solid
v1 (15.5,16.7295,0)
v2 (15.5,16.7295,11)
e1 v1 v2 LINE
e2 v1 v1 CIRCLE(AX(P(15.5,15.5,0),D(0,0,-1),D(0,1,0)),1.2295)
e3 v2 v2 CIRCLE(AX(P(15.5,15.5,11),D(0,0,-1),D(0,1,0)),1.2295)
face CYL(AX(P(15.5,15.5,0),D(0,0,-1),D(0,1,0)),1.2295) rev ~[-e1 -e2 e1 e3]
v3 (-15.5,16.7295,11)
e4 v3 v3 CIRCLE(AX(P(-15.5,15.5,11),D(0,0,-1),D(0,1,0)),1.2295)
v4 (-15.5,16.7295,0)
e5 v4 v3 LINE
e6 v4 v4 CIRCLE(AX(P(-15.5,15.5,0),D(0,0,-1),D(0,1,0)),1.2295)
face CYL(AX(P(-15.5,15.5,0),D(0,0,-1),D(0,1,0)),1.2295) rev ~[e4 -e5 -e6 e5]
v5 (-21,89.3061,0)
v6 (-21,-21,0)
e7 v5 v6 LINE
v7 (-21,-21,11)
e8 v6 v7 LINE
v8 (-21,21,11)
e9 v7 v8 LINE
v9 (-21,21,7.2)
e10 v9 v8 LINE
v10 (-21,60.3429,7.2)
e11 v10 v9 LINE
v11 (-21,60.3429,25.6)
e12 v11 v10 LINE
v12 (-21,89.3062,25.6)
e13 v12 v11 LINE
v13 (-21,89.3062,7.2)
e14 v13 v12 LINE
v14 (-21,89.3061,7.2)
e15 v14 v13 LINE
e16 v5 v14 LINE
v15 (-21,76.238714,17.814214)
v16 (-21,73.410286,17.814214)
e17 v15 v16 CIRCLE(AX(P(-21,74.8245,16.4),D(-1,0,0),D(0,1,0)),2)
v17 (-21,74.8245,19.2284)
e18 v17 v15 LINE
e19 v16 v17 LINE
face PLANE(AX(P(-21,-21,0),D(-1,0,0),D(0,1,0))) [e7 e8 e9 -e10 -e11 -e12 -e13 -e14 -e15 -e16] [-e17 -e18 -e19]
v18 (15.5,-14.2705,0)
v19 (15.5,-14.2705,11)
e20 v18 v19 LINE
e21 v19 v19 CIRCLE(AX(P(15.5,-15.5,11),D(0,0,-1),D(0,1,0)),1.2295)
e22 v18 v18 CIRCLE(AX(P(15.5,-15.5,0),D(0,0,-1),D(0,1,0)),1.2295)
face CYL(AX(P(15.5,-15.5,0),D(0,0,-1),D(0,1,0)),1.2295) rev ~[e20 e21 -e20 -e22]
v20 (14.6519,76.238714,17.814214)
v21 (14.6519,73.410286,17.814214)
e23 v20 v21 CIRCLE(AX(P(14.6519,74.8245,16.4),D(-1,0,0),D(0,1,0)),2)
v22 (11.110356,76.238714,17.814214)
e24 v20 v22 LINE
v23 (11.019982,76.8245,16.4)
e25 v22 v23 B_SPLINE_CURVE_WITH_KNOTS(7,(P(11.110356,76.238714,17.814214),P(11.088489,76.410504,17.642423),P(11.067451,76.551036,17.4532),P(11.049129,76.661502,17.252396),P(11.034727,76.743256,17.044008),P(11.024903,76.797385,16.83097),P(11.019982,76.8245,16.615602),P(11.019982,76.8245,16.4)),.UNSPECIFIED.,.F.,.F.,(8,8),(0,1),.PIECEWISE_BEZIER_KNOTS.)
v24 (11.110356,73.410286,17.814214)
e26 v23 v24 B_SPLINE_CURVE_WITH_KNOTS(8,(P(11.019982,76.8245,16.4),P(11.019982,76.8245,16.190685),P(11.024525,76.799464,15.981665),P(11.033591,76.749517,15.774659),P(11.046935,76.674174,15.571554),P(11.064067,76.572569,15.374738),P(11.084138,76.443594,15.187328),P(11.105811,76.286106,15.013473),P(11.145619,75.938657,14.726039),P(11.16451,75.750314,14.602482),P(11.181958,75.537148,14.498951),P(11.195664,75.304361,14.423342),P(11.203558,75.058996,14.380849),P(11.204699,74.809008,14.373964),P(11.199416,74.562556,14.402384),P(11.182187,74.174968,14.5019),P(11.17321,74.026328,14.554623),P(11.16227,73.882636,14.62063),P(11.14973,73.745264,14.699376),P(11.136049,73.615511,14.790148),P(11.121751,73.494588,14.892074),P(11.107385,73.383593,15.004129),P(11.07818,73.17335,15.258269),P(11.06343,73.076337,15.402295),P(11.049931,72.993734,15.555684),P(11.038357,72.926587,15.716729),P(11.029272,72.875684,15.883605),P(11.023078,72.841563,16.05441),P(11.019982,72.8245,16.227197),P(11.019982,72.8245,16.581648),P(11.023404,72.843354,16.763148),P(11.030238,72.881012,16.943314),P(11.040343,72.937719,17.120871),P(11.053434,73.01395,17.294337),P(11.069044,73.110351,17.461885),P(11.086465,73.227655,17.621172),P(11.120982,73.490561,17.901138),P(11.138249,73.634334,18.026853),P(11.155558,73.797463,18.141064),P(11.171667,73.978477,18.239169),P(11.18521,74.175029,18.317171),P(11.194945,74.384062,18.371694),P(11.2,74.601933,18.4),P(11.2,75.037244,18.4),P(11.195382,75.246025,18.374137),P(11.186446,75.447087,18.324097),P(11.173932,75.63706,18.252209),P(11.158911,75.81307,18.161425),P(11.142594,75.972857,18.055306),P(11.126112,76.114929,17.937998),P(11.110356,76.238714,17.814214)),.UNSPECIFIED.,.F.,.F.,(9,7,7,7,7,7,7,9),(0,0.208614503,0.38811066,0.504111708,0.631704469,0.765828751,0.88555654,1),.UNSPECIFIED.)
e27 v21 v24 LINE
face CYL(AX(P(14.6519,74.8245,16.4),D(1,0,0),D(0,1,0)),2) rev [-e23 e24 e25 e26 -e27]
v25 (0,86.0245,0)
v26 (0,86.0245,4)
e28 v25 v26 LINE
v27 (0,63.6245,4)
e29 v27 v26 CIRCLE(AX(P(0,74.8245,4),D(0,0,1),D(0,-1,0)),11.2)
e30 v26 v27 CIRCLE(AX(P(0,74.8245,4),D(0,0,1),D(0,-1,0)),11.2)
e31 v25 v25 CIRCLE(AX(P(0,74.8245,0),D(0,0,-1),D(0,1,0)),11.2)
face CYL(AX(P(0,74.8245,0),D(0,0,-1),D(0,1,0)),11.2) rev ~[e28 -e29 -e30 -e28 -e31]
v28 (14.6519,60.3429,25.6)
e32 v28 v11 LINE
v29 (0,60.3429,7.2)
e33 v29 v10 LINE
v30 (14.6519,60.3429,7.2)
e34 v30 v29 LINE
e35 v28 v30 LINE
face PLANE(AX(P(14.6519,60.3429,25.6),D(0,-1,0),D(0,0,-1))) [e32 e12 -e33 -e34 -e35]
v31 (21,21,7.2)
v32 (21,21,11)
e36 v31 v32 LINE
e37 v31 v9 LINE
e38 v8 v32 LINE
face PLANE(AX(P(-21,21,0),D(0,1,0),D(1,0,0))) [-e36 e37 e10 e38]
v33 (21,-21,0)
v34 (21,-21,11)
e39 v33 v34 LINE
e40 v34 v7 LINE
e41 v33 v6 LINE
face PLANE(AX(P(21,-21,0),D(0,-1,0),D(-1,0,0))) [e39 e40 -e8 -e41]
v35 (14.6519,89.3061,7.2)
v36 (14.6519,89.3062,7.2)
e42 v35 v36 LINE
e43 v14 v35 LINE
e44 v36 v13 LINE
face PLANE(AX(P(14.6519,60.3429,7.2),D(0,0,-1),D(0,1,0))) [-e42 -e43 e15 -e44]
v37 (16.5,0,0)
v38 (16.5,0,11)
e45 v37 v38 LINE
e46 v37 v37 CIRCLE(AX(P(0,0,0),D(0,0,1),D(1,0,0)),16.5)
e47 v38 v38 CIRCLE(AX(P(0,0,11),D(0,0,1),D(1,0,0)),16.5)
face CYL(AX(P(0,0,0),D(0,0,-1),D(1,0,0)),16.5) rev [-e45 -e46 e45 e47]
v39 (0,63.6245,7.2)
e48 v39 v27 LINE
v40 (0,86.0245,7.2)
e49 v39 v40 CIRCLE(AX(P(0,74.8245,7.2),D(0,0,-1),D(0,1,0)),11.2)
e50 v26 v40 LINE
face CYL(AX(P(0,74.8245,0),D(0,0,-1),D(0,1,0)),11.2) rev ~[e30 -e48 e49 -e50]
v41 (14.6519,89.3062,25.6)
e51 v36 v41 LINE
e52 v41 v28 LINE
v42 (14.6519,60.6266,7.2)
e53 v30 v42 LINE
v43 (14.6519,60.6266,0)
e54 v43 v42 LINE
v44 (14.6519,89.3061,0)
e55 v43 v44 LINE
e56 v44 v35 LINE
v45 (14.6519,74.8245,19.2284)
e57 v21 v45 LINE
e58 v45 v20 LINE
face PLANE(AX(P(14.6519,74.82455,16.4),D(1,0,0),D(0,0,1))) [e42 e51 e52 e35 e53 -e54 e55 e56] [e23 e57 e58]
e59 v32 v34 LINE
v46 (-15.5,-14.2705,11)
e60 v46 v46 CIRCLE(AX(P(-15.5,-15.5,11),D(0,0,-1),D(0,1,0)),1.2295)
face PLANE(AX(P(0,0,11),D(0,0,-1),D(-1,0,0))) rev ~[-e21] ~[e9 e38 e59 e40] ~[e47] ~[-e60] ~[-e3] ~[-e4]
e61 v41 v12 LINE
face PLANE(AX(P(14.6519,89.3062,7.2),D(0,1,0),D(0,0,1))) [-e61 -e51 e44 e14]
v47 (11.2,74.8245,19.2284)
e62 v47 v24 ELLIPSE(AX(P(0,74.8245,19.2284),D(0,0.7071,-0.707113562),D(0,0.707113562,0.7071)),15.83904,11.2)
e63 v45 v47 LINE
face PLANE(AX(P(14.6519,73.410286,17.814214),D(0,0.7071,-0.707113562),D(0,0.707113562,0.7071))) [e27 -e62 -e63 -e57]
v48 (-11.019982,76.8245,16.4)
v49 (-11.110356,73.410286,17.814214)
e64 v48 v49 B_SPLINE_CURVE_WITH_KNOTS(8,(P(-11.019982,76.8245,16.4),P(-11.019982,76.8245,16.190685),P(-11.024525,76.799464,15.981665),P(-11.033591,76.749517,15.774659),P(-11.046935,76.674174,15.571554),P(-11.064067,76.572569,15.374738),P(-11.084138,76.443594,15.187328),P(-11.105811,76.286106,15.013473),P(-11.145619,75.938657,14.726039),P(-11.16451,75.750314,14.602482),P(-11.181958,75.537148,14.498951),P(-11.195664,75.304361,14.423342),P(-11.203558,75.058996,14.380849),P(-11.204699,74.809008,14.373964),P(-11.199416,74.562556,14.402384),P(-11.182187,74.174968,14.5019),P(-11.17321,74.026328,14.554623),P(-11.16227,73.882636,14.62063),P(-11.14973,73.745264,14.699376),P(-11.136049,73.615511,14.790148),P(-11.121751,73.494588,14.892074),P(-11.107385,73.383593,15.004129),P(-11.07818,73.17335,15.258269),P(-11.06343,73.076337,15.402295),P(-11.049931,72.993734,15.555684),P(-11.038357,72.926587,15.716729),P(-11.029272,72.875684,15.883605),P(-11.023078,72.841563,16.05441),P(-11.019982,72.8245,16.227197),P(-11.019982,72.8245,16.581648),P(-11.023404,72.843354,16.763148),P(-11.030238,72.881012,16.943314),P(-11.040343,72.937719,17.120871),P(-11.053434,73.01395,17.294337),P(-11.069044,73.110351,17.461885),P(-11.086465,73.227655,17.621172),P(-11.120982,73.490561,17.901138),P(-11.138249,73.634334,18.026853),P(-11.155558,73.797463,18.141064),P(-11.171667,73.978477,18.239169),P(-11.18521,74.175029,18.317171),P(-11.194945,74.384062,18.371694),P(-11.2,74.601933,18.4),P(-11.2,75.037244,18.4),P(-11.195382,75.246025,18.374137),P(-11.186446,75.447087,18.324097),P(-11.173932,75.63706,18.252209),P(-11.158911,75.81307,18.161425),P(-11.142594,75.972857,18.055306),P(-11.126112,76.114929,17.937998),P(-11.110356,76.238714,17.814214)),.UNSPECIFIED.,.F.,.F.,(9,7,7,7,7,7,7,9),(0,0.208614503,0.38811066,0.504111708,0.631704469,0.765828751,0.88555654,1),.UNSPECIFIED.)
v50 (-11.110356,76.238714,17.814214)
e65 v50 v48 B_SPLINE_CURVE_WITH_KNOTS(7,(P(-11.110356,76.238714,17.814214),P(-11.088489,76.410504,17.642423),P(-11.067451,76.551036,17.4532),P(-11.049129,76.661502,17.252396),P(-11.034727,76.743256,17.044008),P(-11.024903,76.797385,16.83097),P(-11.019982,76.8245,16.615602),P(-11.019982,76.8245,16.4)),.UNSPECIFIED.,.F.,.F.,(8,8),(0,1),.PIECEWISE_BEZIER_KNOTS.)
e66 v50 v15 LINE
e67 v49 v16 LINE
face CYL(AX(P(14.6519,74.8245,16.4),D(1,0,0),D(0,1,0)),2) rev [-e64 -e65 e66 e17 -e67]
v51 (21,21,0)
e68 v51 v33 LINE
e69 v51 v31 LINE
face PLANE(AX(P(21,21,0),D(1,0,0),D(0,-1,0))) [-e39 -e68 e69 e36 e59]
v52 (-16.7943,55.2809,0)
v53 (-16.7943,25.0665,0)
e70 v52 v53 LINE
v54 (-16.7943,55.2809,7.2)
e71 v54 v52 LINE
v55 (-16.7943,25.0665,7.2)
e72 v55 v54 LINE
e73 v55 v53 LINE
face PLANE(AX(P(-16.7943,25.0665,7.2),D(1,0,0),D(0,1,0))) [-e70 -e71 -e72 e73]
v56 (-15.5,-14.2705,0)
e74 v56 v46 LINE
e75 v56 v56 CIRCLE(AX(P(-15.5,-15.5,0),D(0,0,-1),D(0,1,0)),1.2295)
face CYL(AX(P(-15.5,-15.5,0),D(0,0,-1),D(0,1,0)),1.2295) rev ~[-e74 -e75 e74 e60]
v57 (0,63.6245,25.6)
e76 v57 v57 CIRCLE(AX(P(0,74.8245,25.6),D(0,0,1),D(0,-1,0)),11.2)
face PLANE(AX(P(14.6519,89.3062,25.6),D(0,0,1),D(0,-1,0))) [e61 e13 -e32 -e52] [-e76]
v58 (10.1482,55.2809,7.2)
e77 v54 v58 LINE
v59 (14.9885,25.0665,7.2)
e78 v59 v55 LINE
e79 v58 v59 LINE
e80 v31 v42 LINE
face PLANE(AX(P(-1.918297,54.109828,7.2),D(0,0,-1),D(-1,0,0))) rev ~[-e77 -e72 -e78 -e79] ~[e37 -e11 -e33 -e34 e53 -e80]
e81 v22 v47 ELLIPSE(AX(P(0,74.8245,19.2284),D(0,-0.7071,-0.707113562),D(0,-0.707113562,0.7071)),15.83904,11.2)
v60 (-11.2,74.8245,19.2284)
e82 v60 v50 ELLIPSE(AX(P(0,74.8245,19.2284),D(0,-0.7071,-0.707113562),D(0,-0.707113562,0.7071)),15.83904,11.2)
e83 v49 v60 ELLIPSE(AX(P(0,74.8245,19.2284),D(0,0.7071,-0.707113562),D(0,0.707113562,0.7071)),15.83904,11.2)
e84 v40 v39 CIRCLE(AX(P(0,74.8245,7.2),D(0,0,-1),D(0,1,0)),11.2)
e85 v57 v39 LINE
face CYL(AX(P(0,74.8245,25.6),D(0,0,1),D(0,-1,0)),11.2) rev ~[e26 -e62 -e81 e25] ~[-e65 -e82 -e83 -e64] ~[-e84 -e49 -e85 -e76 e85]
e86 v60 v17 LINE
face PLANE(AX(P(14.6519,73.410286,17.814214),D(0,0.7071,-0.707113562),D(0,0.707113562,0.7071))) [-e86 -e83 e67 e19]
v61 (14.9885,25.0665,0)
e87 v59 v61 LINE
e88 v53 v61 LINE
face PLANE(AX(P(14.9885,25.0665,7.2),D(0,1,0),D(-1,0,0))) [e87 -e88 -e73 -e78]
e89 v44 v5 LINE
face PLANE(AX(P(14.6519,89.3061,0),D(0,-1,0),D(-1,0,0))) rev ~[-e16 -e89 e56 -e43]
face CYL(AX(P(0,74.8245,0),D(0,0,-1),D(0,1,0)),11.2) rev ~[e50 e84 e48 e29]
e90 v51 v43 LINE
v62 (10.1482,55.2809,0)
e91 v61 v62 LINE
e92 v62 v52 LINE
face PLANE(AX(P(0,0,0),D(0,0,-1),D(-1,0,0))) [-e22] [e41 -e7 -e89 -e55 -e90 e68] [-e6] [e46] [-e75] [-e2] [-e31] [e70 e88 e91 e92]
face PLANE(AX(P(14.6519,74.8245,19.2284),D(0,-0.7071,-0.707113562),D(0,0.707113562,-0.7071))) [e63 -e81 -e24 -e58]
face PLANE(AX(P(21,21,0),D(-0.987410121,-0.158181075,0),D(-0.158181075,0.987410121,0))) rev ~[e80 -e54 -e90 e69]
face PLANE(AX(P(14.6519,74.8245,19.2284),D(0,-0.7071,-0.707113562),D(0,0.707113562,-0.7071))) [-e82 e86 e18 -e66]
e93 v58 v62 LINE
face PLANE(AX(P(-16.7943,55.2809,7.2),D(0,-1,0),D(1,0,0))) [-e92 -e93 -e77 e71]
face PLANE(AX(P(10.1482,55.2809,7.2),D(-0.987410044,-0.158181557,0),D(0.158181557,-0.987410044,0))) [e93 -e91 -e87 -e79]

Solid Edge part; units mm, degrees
sketch "Sketch1" plane through (0, 0, 0) normal (0, 0, 1) x (1, 0, 0)
  circle A0 centre (0, 0) radius 16.5
  line L0 (-21, 21) -> (21, 21)
  line L1 (21, 21) -> (21, -21)
  line L2 (21, -21) -> (-21, -21)
  line L3 (-21, -21) -> (-21, 21)
extrude "Protrusion1" add sketch "Sketch1" along normal blind 11
sketch "Sketch2" plane through (0, 0, 0) normal (0, 0, -1) x (0, 1, 0)
  circle A0 centre (-15.5, 15.5) radius 1.2295
  circle A1 centre (15.5, 15.5) radius 1.2295
  circle A2 centre (-15.5, -15.5) radius 1.2295
  circle A3 centre (15.5, -15.5) radius 1.2295
extrude "ExtrudedCutout_1" cut sketch "Sketch2" against normal blind 24
sketch "Sketch3" plane through (0, 0, 0) normal (0, 0, -1) x (0, 1, 0)
  circle A0 centre (74.8245, 0) radius 11.2
  line L0 (21, 21) -> (21, -21)
  line L1 (89.3061, -21) -> (21, -21)
  line L2 (89.3061, 14.6519) -> (89.3061, -21)
  line L3 (60.6266, 14.6519) -> (89.3061, 14.6519)
  line L4 (21, 21) -> (60.6266, 14.6519)
extrude "Protrusion2" add sketch "Sketch3" against normal up to vertex (7.2 mm away)
sketch "Sketch4" plane through (0, 55.1531, 7.2) normal (0, 0, 1) x (0, 1, 0)
  line L0 (-30.0866, 16.7943) -> (0.1278, 16.7943)
  line L1 (0.1278, 16.7943) -> (0.1278, -10.1482)
  line L2 (0.1278, -10.1482) -> (-30.0866, -14.9885)
  line L3 (-30.0866, -14.9885) -> (-30.0866, 16.7943)
extrude "ExtrudedCutout_3" cut sketch "Sketch4" against normal blind 194
sketch "Sketch5" plane through (0, 55.1531, 7.2) normal (0, 0, 1) x (0, 1, 0)
  circle A0 centre (19.6714, 0) radius 14.4816
  circle A1 centre (19.6714, 0) radius 4.75
extrude "ExtrudedProtrusion_3" add sketch "Sketch5" along normal blind 3
sketch "Sketch6" plane through (14.6519, 74.9664, 3.6) normal (1, 0, 0) x (0, 1, 0)
  line L0 (-14.6235, 3.6) -> (14.3398, 3.6)
  line L1 (14.3398, 3.6) -> (14.3398, 22)
  line L2 (14.3398, 22) -> (-14.6235, 22)
  line L3 (-14.6235, 22) -> (-14.6235, 3.6)
  line L4 (-1.5561, 14.2142) -> (-0.1419, 15.6284)
  line L5 (-0.1419, 15.6284) -> (1.2723, 14.2142)
  arc A0 (1.2723, 14.2142) -> (-1.5561, 14.2142) centre (-0.1419, 12.8) cw
extrude "Protrusion3" add sketch "Sketch6" against normal up to vertex (35.6519 mm away)
sketch "Sketch7" plane through (0, 34.1531, 0) normal (0, 0, -1) x (1, 0, 0)
  circle A0 centre (0, -40.6714) radius 2.5
extrude "ExtrudedCutout_4" cut sketch "Sketch7" against normal blind 682
sketch "Sketch8" plane through (-3.1741, 74.8245, 25.6) normal (0, 0, 1) x (0, -1, 0)
  circle A0 centre (0, 3.1741) radius 11.2
extrude "ExtrudedCutout_5" cut sketch "Sketch8" against normal blind 21.6
